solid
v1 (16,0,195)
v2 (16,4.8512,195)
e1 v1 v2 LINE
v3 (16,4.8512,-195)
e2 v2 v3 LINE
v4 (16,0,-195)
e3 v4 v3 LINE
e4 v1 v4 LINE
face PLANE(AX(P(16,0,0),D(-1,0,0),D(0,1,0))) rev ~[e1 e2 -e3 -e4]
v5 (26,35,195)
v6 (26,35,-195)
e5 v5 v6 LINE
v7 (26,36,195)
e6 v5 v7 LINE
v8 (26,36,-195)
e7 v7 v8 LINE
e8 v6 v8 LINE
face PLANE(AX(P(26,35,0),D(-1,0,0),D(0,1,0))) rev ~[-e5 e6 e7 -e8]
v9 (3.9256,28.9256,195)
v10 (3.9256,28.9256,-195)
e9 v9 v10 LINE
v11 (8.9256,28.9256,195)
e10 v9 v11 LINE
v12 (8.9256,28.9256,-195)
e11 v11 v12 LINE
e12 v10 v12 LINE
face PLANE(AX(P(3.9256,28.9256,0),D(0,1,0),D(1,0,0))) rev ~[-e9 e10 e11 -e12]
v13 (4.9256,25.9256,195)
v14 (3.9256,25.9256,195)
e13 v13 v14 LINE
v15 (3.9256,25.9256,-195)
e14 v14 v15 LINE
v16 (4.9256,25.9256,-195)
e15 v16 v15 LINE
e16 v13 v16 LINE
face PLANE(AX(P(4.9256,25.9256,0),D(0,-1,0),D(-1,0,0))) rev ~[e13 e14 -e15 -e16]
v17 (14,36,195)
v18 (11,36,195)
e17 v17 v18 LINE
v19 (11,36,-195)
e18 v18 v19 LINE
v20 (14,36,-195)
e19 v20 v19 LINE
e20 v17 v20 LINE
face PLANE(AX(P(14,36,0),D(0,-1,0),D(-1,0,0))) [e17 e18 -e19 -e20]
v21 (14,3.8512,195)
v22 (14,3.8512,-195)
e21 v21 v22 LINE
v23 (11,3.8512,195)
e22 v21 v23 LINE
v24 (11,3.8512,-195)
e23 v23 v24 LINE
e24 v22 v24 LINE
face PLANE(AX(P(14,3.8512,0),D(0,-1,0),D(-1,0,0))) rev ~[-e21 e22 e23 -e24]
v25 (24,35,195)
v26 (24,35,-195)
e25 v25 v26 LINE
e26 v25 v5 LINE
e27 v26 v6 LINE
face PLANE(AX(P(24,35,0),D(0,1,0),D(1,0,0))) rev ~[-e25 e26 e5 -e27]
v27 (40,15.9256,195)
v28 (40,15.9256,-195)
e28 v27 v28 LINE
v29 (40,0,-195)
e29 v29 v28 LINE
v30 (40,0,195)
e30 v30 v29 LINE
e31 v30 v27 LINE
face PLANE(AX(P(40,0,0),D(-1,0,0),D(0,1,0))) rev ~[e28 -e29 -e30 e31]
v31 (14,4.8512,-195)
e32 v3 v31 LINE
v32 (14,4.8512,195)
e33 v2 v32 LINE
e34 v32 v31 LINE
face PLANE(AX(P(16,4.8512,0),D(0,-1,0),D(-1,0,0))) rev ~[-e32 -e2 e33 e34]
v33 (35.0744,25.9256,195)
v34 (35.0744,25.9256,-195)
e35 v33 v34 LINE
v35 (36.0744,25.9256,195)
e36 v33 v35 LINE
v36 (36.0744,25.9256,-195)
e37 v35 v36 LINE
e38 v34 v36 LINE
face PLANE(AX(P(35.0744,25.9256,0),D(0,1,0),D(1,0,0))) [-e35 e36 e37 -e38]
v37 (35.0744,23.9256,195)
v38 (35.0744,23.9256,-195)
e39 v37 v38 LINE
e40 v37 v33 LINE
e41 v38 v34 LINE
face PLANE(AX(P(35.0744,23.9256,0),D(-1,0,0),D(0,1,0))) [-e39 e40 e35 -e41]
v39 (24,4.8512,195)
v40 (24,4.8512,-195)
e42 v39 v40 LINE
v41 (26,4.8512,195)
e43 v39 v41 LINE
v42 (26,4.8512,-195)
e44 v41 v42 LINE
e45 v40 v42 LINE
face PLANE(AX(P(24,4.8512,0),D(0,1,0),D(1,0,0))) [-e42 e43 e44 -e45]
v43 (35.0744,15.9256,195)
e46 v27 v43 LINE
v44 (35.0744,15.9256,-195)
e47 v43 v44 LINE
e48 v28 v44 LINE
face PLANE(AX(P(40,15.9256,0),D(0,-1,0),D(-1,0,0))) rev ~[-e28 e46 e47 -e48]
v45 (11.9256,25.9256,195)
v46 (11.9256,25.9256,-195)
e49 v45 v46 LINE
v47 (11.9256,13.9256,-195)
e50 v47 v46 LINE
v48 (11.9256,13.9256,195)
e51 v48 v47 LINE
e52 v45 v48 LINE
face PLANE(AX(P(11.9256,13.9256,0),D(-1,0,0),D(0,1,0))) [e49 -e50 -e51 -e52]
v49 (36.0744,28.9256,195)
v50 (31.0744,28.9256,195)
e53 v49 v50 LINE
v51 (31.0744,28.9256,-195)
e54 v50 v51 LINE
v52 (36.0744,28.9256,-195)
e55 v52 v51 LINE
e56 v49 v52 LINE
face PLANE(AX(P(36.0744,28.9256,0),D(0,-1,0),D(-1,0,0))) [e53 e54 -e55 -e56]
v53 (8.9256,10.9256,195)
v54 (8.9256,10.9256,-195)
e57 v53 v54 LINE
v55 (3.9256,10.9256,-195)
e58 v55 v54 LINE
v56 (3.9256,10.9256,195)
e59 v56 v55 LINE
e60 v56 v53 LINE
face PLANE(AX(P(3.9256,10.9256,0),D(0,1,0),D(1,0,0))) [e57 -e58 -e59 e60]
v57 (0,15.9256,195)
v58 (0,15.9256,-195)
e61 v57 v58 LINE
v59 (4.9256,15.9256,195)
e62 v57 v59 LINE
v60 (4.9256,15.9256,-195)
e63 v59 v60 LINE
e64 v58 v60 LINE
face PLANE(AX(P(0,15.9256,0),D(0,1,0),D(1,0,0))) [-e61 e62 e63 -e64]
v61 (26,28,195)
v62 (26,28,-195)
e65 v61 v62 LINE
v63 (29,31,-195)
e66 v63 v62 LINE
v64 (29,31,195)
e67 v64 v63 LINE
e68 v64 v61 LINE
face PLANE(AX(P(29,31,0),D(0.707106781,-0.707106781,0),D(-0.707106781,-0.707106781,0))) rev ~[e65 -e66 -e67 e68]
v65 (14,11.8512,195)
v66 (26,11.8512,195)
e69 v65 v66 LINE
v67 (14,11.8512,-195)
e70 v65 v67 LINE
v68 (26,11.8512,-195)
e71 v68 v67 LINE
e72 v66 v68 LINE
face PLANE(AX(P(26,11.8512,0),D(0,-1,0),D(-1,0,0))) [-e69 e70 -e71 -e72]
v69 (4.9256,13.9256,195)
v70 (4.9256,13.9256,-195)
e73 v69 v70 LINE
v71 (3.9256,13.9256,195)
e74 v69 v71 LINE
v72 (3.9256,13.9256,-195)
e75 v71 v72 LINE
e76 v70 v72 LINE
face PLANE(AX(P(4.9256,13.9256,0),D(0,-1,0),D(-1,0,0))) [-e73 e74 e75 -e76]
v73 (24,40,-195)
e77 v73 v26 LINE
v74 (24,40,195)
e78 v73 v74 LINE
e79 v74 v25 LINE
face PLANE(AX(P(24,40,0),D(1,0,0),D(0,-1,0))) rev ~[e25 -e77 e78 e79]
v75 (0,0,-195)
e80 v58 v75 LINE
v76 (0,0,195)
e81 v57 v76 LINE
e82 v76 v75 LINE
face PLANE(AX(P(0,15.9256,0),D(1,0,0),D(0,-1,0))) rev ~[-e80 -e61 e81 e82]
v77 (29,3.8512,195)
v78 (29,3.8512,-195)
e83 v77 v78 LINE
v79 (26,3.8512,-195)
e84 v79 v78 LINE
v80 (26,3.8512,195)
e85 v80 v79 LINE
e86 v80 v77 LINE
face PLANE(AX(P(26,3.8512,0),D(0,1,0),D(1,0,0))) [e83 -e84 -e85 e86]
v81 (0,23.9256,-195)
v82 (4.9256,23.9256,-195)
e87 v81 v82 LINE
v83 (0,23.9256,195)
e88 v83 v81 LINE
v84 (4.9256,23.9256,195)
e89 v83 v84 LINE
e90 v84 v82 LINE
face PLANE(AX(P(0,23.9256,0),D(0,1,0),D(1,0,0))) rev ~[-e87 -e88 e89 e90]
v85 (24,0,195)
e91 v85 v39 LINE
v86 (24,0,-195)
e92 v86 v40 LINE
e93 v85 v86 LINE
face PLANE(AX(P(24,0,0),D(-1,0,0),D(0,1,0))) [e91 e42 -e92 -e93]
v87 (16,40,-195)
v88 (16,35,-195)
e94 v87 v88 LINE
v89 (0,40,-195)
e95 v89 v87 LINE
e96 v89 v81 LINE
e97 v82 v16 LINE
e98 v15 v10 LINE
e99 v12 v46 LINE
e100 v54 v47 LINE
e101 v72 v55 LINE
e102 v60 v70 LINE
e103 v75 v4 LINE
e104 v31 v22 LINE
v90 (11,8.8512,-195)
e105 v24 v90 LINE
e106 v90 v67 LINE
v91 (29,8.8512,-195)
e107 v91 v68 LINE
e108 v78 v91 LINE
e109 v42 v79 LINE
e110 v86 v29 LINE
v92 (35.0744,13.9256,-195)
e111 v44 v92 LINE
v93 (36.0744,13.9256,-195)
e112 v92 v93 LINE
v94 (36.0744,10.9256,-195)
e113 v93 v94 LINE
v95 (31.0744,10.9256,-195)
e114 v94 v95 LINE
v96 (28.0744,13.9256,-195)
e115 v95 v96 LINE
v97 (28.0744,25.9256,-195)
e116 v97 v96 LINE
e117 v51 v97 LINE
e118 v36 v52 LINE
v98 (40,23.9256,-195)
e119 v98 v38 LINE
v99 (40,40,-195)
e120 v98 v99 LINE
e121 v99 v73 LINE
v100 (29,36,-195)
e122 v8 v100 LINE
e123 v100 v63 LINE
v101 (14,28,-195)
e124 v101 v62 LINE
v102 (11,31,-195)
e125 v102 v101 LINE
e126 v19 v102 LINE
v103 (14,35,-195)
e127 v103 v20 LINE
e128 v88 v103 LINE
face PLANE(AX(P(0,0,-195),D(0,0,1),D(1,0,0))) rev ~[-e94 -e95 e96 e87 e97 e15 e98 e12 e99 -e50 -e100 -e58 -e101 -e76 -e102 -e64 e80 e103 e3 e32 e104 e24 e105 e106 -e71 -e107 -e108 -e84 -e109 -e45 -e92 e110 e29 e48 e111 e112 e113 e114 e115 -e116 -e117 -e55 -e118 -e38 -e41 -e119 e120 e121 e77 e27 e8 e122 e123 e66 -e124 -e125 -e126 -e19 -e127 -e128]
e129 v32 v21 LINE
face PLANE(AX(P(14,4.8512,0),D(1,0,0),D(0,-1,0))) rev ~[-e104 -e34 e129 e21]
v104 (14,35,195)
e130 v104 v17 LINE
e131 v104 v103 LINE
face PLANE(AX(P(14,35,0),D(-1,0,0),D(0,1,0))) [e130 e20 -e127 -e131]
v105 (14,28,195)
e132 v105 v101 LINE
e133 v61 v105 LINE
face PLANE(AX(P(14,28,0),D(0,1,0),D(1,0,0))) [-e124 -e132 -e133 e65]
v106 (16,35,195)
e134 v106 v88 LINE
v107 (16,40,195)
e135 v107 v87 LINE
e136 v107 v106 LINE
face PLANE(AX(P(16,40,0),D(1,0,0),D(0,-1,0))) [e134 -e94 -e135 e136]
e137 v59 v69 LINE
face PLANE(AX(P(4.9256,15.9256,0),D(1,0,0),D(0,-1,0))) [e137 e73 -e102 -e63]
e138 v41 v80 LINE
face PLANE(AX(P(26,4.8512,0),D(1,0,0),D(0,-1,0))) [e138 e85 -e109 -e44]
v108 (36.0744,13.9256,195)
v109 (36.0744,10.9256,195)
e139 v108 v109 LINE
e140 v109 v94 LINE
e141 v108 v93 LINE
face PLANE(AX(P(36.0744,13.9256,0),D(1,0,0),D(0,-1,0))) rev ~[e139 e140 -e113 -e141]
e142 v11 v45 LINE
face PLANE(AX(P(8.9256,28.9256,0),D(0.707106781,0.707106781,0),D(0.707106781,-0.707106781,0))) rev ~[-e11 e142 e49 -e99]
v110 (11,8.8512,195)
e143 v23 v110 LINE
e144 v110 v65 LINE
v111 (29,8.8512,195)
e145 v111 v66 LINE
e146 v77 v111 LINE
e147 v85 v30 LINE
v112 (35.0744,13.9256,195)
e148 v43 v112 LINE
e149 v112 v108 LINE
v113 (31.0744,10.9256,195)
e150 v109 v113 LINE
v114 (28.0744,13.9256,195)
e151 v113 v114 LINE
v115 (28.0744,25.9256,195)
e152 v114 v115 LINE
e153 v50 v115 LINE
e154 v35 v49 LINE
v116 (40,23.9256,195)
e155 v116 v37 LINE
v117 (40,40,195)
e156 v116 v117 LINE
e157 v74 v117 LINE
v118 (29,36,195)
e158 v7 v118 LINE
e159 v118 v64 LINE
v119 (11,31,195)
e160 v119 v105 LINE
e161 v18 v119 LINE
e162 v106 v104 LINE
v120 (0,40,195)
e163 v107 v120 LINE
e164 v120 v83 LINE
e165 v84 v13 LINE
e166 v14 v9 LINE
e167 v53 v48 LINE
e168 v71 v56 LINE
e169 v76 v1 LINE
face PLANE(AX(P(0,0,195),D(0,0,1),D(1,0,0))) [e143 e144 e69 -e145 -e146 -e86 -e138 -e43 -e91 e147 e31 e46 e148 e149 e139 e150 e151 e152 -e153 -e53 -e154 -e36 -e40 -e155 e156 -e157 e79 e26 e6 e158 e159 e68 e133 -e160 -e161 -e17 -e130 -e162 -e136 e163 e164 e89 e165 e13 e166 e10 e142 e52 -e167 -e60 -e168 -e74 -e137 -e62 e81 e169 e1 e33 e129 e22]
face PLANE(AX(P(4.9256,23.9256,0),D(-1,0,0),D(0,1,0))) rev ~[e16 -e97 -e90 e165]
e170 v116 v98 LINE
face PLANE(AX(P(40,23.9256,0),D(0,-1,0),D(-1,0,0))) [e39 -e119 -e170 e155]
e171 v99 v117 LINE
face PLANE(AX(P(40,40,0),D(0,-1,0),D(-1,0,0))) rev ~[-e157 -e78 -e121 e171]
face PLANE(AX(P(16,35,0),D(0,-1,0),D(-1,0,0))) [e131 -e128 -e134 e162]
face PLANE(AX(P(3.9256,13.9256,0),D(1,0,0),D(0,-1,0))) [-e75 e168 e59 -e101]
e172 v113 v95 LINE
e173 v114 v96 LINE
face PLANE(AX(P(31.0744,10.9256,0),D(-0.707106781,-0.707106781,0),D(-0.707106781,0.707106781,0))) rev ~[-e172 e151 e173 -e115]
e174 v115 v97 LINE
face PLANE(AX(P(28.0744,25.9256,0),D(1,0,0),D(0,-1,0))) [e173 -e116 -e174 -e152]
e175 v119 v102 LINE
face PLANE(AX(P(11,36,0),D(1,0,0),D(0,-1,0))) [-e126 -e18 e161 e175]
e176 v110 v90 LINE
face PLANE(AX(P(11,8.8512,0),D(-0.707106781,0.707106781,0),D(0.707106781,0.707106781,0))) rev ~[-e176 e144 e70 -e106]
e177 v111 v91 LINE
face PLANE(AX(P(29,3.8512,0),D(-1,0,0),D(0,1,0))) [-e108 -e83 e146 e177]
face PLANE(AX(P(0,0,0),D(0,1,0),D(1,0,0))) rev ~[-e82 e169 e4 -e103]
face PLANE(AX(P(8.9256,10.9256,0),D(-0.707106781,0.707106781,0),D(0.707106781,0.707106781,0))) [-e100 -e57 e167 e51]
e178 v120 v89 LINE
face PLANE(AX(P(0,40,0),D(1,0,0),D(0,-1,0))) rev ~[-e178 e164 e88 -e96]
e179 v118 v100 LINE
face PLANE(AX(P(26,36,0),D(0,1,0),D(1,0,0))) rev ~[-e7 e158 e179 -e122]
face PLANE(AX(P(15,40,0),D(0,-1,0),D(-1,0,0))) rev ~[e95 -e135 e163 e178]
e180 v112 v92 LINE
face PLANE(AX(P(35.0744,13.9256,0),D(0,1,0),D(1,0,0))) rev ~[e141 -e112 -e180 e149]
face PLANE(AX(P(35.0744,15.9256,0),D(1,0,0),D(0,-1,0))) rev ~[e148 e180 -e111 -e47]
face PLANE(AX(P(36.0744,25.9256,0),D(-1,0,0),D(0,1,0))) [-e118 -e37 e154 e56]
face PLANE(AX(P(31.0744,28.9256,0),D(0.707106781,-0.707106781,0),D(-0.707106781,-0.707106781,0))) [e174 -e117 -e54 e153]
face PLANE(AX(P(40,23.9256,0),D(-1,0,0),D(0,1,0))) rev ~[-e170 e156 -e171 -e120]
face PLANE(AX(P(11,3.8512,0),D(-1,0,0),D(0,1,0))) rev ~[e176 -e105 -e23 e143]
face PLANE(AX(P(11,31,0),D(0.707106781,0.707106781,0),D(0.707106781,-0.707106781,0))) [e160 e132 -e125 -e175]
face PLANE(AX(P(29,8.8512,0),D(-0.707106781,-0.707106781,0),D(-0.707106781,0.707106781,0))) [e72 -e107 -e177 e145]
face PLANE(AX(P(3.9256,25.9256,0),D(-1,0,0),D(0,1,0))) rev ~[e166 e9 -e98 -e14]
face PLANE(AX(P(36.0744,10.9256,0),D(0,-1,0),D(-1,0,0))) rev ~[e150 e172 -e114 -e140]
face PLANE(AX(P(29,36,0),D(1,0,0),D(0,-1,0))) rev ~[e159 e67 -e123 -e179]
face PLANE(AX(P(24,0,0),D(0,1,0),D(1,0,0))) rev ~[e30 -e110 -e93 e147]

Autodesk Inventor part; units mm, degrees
ref_plane "YZ Plane" through (0, 0, 0) normal (1, 0, 0) x (0, 1, 0)
ref_plane "XZ Plane" through (0, 0, 0) normal (0, 1, 0) x (-1, 0, 0)
ref_plane "XY Plane" through (0, 0, 0) normal (0, 0, 1) x (1, 0, 0)
sketch "스케치1" plane through (0, 0, 0) normal (0, 0, 1) x (1, 0, 0)
  line L0 (40, 40) -> (25, 40)
  line L1 (15, 40) -> (0, 40)
  line L2 (16, 40) -> (16, 35)
  line L3 (16, 35) -> (14, 35)
  line L4 (14, 35) -> (14, 36)
  line L5 (14, 36) -> (11, 36)
  line L6 (11, 36) -> (11, 31)
  line L7 (11, 31) -> (14, 28)
  line L8 (11, 31) -> (20.81, 31) construction
  line L9 (14, 28) -> (20, 28)
  line L10 (24, 40) -> (24, 35)
  line L11 (24, 35) -> (26, 35)
  line L12 (26, 35) -> (26, 36)
  line L13 (26, 36) -> (29, 36)
  line L14 (29, 36) -> (29, 31)
  line L15 (29, 31) -> (26, 28)
  line L16 (29, 31) -> (19.19, 31) construction
  line L17 (26, 28) -> (20, 28)
  line L18 (-0.0744, 15.9256) -> (4.9256, 15.9256)
  line L19 (-0.0744, 23.9256) -> (4.9256, 23.9256)
  line L20 (4.9256, 23.9256) -> (4.9256, 25.9256)
  line L21 (11.9256, 25.9256) -> (11.9256, 19.9256)
  line L22 (8.9256, 28.9256) -> (8.9256, 19.1155) construction
  line L23 (8.9256, 28.9256) -> (11.9256, 25.9256)
  line L24 (3.9256, 28.9256) -> (8.9256, 28.9256)
  line L25 (3.9256, 25.9256) -> (3.9256, 28.9256)
  line L26 (4.9256, 25.9256) -> (3.9256, 25.9256)
  line L27 (4.9256, 15.9256) -> (4.9256, 13.9256)
  line L28 (11.9256, 13.9256) -> (11.9256, 19.9256)
  line L29 (4.9256, 13.9256) -> (3.9256, 13.9256)
  line L30 (8.9256, 10.9256) -> (11.9256, 13.9256)
  line L31 (8.9256, 10.9256) -> (8.9256, 20.7356) construction
  line L32 (3.9256, 13.9256) -> (3.9256, 10.9256)
  line L33 (3.9256, 10.9256) -> (8.9256, 10.9256)
  line L34 (24, -0.1488) -> (24, 4.8512)
  line L35 (16, -0.1488) -> (16, 4.8512)
  line L36 (16, 4.8512) -> (14, 4.8512)
  line L37 (14, 11.8512) -> (20, 11.8512)
  line L38 (11, 8.8512) -> (20.81, 8.8512) construction
  line L39 (11, 8.8512) -> (14, 11.8512)
  line L40 (11, 3.8512) -> (11, 8.8512)
  line L41 (14, 3.8512) -> (11, 3.8512)
  line L42 (14, 4.8512) -> (14, 3.8512)
  line L43 (24, 4.8512) -> (26, 4.8512)
  line L44 (26, 11.8512) -> (20, 11.8512)
  line L45 (26, 4.8512) -> (26, 3.8512)
  line L46 (29, 8.8512) -> (26, 11.8512)
  line L47 (29, 8.8512) -> (19.19, 8.8512) construction
  line L48 (26, 3.8512) -> (29, 3.8512)
  line L49 (29, 3.8512) -> (29, 8.8512)
  line L50 (40.0744, 23.9256) -> (35.0744, 23.9256)
  line L51 (40.0744, 15.9256) -> (35.0744, 15.9256)
  line L52 (35.0744, 15.9256) -> (35.0744, 13.9256)
  line L53 (28.0744, 13.9256) -> (28.0744, 19.9256)
  line L54 (31.0744, 10.9256) -> (31.0744, 20.7356) construction
  line L55 (31.0744, 10.9256) -> (28.0744, 13.9256)
  line L56 (36.0744, 10.9256) -> (31.0744, 10.9256)
  line L57 (36.0744, 13.9256) -> (36.0744, 10.9256)
  line L58 (35.0744, 13.9256) -> (36.0744, 13.9256)
  line L59 (35.0744, 23.9256) -> (35.0744, 25.9256)
  line L60 (28.0744, 25.9256) -> (28.0744, 19.9256)
  line L61 (35.0744, 25.9256) -> (36.0744, 25.9256)
  line L62 (31.0744, 28.9256) -> (28.0744, 25.9256)
  line L63 (31.0744, 28.9256) -> (31.0744, 19.1155) construction
  line L64 (36.0744, 25.9256) -> (36.0744, 28.9256)
  line L65 (36.0744, 28.9256) -> (31.0744, 28.9256)
  line L66 (11, 20) -> (11.9256, 20)
  line L67 (28.0744, 20) -> (29, 20)
  line L68 (20, 3.8512) -> (20, 4.8512)
  line L69 (20, 35) -> (20, 36)
  line L70 (15, 40) -> (16, 40)
  line L71 (24, 40) -> (25, 40)
  line L72 (0, 40) -> (0, 23.9256)
  line L73 (0, 15.9256) -> (0, 0)
  line L74 (40, 0) -> (40, 15.9256)
  line L75 (40, 23.9256) -> (40, 40)
  line L76 (0, 0) -> (16, 0)
  line L77 (24, 0) -> (40, 0)
  point P0 (25, 38)
  point P1 (20, 19.9256)
  point P2 (15, 35)
  point P3 (25, 35)
  point P4 (4.9256, 24.9256)
  point P5 (4.9256, 14.9256)
  point P6 (15, 4.8512)
  point P7 (25, 4.8512)
  point P8 (35.0744, 14.9256)
  point P9 (35.0744, 24.9256)
  dimension "d0" = 40
  dimension "d1" = 40
  dimension "d14" = 2
  dimension "d15" = 5
  dimension "d16" = 1
  dimension "d17" = 3
  dimension "d18" = 5
  dimension "d19" = 45
  dimension "d21" = 7
  dimension "d24" = 360
extrude "돌출1" add sketch "스케치1" along normal mid plane 390
properties part number "39" material "철, 회색"
